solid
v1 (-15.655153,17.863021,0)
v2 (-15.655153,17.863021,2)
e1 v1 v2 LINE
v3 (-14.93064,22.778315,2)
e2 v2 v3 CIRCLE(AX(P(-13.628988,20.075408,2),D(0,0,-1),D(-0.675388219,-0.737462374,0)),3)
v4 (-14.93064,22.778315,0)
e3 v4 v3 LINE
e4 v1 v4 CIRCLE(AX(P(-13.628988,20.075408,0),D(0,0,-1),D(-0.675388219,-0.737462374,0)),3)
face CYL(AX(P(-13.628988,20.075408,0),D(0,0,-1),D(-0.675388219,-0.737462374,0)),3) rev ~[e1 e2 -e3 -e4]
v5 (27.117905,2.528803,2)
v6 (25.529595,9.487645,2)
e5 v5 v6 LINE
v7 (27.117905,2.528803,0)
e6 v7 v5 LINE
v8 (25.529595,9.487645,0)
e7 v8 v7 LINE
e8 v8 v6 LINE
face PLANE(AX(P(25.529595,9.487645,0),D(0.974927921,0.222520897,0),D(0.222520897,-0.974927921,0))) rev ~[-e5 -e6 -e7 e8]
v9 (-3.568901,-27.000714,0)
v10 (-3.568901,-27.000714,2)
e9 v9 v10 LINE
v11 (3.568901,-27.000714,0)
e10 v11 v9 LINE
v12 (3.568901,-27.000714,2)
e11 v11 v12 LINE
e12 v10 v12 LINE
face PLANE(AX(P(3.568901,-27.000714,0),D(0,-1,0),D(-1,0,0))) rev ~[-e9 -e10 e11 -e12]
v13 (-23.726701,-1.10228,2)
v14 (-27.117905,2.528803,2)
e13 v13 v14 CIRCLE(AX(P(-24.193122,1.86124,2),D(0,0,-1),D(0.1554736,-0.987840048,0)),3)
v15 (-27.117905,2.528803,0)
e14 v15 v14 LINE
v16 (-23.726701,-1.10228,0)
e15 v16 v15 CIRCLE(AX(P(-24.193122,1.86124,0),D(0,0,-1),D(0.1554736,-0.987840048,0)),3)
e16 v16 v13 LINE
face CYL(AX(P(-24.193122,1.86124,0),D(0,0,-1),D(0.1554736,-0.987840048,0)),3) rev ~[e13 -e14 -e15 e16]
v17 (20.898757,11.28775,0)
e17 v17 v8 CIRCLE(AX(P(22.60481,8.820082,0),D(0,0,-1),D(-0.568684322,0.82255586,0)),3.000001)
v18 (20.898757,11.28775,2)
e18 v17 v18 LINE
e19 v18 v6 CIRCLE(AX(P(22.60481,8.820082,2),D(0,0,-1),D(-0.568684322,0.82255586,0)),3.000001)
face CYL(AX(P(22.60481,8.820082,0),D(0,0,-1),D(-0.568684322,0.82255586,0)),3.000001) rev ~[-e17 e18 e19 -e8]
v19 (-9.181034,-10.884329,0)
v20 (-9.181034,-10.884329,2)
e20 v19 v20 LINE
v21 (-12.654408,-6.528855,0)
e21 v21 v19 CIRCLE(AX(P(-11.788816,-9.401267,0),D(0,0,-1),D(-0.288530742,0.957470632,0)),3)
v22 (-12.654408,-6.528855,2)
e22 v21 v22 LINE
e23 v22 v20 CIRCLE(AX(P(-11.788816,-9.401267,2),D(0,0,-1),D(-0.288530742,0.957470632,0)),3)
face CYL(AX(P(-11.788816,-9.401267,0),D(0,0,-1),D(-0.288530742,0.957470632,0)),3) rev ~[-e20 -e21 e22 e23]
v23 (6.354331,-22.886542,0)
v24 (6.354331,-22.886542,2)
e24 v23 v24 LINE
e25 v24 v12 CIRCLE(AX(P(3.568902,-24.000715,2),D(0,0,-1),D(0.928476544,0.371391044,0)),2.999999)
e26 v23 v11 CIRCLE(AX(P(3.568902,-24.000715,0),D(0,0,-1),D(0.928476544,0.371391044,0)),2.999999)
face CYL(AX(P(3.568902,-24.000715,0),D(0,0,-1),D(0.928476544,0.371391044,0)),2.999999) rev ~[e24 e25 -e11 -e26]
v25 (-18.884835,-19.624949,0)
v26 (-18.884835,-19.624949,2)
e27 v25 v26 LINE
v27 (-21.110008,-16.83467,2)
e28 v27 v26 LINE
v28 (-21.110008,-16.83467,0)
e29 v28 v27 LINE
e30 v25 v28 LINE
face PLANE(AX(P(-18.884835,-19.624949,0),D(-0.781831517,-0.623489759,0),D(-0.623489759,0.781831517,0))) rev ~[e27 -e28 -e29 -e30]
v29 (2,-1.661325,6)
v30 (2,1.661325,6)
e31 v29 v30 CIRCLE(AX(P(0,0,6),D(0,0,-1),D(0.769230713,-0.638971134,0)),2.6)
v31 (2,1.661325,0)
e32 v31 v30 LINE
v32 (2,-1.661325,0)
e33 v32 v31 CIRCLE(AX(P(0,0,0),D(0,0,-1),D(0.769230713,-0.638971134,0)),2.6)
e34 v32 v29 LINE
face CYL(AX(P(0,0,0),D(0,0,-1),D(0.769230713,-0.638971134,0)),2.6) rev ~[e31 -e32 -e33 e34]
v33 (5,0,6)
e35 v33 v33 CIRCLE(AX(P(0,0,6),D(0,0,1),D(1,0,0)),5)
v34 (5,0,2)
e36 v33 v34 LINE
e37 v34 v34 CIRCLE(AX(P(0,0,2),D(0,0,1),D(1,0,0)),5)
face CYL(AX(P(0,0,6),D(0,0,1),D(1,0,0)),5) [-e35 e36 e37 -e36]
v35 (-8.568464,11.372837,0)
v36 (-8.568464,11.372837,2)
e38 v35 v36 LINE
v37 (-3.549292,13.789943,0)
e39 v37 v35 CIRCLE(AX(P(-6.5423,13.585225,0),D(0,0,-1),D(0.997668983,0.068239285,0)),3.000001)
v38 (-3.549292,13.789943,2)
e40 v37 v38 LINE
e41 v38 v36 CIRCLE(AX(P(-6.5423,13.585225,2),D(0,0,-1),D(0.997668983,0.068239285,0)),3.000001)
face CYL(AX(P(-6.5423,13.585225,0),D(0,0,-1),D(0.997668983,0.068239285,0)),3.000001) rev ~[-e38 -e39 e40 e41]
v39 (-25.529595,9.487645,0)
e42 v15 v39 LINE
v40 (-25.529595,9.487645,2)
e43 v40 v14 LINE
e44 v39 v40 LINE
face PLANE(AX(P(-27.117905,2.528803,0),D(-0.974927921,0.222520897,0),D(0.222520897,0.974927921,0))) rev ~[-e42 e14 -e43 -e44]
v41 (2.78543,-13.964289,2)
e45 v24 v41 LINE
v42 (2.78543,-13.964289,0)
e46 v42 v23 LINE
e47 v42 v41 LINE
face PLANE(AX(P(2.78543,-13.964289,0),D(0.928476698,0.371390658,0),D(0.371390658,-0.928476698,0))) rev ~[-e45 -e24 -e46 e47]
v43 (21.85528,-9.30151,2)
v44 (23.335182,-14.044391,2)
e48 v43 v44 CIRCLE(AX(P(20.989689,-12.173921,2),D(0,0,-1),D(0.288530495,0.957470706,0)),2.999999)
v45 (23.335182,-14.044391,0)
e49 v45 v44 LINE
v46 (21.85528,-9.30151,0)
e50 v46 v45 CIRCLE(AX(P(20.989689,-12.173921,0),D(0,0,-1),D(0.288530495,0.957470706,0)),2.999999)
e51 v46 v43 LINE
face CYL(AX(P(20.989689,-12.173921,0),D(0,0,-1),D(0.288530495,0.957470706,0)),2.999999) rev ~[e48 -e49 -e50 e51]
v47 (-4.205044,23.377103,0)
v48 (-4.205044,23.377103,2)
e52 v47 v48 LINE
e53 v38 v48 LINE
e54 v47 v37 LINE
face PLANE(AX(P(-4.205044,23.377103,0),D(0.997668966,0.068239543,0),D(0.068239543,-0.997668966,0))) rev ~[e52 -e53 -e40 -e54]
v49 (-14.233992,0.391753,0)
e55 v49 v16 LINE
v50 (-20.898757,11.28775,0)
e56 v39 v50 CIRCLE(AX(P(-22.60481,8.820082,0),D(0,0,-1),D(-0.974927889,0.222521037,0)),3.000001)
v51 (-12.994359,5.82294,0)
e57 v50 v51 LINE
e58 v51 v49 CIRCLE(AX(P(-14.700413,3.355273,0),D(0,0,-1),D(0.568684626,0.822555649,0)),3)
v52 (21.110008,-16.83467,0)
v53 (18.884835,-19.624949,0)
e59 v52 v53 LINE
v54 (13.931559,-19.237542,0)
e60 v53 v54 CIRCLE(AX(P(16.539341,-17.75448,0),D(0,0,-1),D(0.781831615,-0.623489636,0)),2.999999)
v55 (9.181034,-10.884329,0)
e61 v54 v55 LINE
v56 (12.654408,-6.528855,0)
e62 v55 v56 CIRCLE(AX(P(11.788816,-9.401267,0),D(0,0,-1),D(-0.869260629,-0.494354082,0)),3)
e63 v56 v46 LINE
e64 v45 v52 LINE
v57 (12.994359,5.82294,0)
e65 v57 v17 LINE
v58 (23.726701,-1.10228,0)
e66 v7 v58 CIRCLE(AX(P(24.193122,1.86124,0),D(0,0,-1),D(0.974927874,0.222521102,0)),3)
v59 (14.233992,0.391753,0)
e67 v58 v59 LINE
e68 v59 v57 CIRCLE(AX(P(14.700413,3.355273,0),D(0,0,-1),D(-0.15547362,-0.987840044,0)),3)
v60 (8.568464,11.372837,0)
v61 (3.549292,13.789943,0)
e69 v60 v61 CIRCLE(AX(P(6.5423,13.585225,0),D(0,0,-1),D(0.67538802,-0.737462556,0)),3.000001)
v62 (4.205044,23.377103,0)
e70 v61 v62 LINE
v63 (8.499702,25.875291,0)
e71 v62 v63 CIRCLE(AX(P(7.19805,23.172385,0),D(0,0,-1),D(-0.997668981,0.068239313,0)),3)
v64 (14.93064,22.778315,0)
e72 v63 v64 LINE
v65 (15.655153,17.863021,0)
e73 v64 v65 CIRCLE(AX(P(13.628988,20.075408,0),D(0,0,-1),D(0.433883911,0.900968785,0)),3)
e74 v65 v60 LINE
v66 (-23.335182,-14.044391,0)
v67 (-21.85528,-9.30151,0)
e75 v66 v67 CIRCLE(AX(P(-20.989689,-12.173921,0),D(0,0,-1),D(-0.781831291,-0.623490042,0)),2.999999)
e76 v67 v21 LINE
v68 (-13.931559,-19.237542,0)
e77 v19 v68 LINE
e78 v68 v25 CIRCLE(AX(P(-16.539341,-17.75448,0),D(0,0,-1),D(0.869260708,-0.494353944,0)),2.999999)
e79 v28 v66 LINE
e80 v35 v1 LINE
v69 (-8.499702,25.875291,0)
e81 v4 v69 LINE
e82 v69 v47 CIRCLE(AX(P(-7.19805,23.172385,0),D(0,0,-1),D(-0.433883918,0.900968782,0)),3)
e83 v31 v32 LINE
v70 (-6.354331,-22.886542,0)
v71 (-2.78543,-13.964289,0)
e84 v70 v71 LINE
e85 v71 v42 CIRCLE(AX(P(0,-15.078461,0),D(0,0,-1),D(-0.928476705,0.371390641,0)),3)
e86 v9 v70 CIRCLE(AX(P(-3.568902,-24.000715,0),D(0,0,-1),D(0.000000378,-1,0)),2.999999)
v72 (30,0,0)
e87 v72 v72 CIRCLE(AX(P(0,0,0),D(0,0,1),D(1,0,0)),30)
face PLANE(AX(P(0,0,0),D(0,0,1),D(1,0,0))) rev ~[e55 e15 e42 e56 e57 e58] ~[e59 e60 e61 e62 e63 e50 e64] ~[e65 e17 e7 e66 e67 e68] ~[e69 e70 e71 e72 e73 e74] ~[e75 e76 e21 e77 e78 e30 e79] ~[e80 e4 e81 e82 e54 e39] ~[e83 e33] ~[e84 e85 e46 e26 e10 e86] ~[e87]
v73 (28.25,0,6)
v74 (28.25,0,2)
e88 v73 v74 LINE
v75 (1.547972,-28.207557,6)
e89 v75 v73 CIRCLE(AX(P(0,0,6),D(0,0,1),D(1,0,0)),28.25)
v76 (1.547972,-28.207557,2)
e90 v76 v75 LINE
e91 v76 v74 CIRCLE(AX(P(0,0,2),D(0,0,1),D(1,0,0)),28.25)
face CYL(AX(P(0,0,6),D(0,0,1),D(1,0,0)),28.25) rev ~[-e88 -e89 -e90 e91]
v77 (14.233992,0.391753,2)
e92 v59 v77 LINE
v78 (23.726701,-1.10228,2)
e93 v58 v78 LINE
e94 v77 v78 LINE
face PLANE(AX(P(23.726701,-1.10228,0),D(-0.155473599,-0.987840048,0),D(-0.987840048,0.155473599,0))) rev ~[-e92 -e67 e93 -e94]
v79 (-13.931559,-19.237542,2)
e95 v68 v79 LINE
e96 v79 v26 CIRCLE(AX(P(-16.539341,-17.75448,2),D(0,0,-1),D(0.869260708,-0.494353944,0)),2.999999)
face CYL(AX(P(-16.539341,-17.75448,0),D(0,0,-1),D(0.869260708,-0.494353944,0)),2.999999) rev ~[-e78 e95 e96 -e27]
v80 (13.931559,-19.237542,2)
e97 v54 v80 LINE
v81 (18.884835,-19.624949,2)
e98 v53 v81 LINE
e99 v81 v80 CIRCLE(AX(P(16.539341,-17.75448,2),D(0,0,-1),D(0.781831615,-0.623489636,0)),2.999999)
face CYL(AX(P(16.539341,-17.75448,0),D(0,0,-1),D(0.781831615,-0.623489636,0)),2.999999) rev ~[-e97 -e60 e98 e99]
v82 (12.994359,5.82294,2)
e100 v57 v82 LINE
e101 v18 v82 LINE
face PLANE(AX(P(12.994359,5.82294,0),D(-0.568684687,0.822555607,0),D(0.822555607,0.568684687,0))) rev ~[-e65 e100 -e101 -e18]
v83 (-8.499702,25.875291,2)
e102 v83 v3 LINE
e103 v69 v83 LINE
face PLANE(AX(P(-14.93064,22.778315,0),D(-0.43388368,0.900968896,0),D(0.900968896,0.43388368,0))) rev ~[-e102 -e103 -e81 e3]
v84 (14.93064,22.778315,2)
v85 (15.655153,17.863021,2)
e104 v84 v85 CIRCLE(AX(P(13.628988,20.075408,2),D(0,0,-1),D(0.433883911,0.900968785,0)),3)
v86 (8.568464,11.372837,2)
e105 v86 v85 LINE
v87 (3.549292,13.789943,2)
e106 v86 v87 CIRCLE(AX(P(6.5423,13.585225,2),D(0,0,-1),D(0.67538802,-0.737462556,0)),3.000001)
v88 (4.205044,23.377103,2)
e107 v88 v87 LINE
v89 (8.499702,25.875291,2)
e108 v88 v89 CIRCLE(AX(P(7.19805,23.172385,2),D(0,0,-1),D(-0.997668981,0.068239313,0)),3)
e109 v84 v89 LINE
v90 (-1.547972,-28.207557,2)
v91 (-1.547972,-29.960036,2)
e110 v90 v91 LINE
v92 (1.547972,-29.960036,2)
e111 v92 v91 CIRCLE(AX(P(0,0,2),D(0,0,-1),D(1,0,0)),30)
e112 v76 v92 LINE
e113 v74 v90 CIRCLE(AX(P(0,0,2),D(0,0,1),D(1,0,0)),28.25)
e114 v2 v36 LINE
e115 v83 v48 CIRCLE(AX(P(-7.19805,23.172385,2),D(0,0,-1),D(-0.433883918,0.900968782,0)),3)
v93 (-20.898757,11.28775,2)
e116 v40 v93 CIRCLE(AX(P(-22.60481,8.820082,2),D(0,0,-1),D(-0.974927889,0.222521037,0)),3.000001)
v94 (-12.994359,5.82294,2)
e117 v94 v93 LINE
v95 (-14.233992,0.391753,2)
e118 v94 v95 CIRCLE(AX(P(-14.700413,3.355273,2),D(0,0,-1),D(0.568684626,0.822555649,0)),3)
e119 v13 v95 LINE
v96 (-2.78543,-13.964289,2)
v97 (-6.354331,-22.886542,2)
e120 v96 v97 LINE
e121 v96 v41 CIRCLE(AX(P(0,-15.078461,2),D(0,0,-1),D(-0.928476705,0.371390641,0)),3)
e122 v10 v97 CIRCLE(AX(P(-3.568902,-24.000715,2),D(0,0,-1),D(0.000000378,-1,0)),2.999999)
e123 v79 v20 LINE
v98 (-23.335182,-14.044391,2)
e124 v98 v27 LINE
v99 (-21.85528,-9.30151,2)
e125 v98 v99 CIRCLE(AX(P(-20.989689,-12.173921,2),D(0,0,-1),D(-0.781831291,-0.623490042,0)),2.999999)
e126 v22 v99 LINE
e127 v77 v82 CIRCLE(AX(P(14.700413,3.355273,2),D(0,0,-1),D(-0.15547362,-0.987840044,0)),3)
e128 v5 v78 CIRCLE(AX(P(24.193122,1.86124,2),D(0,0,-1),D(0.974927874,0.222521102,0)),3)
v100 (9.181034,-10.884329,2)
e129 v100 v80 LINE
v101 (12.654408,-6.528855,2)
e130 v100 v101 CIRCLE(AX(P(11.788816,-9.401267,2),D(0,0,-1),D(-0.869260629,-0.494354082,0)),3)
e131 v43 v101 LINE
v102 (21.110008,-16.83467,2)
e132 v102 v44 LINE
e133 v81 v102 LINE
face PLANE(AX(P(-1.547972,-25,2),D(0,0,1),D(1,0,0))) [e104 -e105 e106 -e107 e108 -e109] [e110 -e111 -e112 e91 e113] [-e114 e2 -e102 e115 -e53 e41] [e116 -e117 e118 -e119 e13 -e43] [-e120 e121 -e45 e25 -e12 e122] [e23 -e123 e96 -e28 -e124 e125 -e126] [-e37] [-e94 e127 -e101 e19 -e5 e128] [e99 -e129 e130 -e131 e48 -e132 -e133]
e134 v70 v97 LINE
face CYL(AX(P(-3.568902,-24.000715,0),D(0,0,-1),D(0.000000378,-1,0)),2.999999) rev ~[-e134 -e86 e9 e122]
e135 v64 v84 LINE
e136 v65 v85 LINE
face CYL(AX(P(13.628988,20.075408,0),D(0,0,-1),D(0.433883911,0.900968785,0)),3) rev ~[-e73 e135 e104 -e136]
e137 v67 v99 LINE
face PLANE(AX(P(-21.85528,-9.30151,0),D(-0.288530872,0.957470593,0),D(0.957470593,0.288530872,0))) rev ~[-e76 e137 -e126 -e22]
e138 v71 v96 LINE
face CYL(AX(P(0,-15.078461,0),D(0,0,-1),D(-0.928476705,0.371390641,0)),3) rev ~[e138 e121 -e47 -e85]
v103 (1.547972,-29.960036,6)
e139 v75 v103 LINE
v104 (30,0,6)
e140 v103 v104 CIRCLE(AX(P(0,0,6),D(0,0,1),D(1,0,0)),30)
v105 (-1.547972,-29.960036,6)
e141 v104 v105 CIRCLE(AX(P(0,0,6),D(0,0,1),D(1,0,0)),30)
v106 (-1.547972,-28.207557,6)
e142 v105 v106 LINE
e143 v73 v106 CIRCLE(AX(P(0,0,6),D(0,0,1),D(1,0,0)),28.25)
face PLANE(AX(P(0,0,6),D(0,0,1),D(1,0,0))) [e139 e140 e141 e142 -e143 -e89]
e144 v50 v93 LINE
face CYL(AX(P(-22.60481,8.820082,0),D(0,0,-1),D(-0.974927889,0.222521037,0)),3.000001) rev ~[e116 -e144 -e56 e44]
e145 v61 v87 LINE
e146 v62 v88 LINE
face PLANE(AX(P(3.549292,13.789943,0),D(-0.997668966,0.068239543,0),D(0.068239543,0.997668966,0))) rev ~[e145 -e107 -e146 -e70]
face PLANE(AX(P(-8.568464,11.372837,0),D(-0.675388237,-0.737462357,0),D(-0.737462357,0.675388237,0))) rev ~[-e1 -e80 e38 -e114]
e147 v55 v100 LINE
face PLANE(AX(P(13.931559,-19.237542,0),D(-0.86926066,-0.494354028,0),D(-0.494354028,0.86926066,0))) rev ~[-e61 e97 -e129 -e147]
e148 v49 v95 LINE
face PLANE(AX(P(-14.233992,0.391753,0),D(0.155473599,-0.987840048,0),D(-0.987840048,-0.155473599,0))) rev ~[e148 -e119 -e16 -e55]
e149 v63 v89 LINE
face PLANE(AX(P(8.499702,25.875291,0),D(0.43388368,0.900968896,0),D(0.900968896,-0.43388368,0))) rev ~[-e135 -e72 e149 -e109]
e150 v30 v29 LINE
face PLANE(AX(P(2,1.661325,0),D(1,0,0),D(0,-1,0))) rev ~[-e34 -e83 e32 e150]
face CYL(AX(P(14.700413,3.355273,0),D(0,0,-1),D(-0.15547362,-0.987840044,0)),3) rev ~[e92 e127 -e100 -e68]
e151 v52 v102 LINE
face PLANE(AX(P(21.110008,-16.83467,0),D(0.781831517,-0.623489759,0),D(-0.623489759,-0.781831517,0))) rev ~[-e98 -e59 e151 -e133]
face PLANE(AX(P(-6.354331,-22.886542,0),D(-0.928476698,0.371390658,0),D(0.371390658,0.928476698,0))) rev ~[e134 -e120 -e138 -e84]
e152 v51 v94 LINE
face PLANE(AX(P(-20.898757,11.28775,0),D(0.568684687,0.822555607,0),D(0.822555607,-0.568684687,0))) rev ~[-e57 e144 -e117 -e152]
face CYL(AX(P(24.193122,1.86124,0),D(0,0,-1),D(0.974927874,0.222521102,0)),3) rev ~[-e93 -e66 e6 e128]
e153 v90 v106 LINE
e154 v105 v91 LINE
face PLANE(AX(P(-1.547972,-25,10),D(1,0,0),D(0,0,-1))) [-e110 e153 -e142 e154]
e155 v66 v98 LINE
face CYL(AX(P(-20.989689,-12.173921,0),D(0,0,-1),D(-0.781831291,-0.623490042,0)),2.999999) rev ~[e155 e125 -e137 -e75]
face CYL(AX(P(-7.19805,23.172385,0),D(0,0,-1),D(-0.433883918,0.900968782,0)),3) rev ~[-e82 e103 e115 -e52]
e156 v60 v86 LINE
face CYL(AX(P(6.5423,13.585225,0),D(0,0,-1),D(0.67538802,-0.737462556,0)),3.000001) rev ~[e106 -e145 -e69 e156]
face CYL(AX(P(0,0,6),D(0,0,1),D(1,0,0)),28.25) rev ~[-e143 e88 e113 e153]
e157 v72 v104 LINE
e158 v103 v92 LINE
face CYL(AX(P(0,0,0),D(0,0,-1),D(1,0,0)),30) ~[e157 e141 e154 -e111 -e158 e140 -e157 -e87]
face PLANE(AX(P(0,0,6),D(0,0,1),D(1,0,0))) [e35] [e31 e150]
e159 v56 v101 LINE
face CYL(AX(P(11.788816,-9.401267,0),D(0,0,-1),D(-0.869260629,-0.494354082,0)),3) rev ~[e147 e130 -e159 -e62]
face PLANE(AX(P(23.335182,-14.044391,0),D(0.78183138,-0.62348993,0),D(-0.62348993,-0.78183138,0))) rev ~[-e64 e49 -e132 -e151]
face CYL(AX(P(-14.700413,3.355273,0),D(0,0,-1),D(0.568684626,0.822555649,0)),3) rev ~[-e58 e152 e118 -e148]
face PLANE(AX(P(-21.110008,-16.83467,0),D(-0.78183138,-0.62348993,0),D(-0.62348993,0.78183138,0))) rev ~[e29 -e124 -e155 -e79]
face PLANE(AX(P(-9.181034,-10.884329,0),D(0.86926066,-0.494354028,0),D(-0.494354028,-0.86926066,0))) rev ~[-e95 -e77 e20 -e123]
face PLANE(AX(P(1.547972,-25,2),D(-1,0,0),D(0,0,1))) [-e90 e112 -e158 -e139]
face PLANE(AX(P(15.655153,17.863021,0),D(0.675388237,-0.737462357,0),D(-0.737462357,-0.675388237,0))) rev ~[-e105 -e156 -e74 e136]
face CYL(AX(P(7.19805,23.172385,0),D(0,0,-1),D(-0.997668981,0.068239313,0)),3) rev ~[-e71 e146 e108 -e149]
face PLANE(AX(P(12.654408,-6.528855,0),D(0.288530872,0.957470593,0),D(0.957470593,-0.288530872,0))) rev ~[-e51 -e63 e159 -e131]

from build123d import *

# Parameters (mm, degrees)
F0_R     = 30
F1_DEPTH = 6
F2_R     = 28.25
F2_R_2   = 5
F3_DEPTH = 4
F5_W     = 3.095944
F5_H     = 4
F6_DEPTH = 25
F8_DEPTH = 25


with BuildPart() as f1:
    # F0 (on Top) → F1 (new body)
    with BuildSketch(Plane.XY):
        Circle(F0_R)
        with BuildLine():
            ThreePointArc((2, 1.661325), (2.445404, 0.883176), (2.6, 0))
            ThreePointArc((2.6, 0), (2.445404, -0.883176), (2, -1.661325))
            ThreePointArc((2, -1.661325), (-2.6, 0), (2, 1.661325))
        make_face(mode=Mode.SUBTRACT)
        with BuildLine():
            ThreePointArc((2, -1.661325), (2.445404, -0.883176), (2.6, 0))
            ThreePointArc((2.6, 0), (2.445404, 0.883176), (2, 1.661325))
            Line((2, 1.661325), (2, -1.661325))
        make_face()
    extrude(amount=F1_DEPTH)

    # F2 (on face) → F3 (cut)
    with BuildSketch(Plane.XY.offset(6)):
        Circle(F2_R)
        Circle(F2_R_2, mode=Mode.SUBTRACT)
    extrude(amount=-F3_DEPTH, mode=Mode.SUBTRACT)

    # F5 (on offset) → F6 (cut)
    with BuildSketch(Plane.XZ.offset(25)):
        with Locations((0, 8)):
            Rectangle(F5_W, F5_H)
        with Locations((0, 4)):
            Rectangle(F5_W, F5_H)
    extrude(amount=F6_DEPTH, mode=Mode.SUBTRACT)

    # F7 (on face) → F8 (cut)
    with BuildSketch(Plane(origin=(0, 0, 0), x_dir=(1, 0, 0), z_dir=(0, 0, -1))):
        with BuildLine():
            ThreePointArc((-2.78543, 13.964289), (0, 12.078461), (2.78543, 13.964289))
            Line((2.78543, 13.964289), (6.354331, 22.886542))
            ThreePointArc((6.354331, 22.886542), (6.053103, 25.682601), (3.568901, 27.000714))
            Line((3.568901, 27.000714), (0, 27.000714))
            Line((0, 27.000714), (-3.568901, 27.000714))
            ThreePointArc((-3.568901, 27.000714), (-6.053103, 25.682601), (-6.354331, 22.886542))
            Line((-6.354331, 22.886542), (-2.78543, 13.964289))
        make_face()
        with BuildLine():
            ThreePointArc((21.85528, 9.30151), (23.853514, 11.280333), (23.335182, 14.044391))
            Line((23.335182, 14.044391), (21.110008, 16.83467))
            Line((21.110008, 16.83467), (18.884835, 19.624949))
            ThreePointArc((18.884835, 19.624949), (16.305418, 20.745346), (13.931559, 19.237542))
            Line((13.931559, 19.237542), (9.181034, 10.884329))
            ThreePointArc((9.181034, 10.884329), (9.443321, 7.530798), (12.654408, 6.528855))
            Line((12.654408, 6.528855), (21.85528, 9.30151))
        make_face()
        with BuildLine():
            ThreePointArc((20.898757, -11.28775), (23.691742, -11.616255), (25.529595, -9.487645))
            Line((25.529595, -9.487645), (26.32375, -6.008224))
            Line((26.32375, -6.008224), (27.117905, -2.528803))
            ThreePointArc((27.117905, -2.528803), (26.385626, 0.186423), (23.726701, 1.10228))
            Line((23.726701, 1.10228), (14.233992, -0.391753))
            ThreePointArc((14.233992, -0.391753), (11.775629, -2.687711), (12.994359, -5.82294))
            Line((12.994359, -5.82294), (20.898757, -11.28775))
        make_face()
        with BuildLine():
            ThreePointArc((4.205044, -23.377103), (5.689606, -25.765567), (8.499702, -25.875291))
            Line((8.499702, -25.875291), (11.715171, -24.326803))
            Line((11.715171, -24.326803), (14.93064, -22.778315))
            ThreePointArc((14.93064, -22.778315), (16.59692, -20.512881), (15.655153, -17.863021))
            Line((15.655153, -17.863021), (8.568464, -11.372837))
            ThreePointArc((8.568464, -11.372837), (5.240648, -10.882318), (3.549292, -13.789943))
            Line((3.549292, -13.789943), (4.205044, -23.377103))
        make_face()
        with BuildLine():
            ThreePointArc((-15.655153, -17.863021), (-16.59692, -20.512881), (-14.93064, -22.778315))
            Line((-14.93064, -22.778315), (-11.715171, -24.326803))
            Line((-11.715171, -24.326803), (-8.499702, -25.875291))
            ThreePointArc((-8.499702, -25.875291), (-5.689606, -25.765567), (-4.205044, -23.377103))
            Line((-4.205044, -23.377103), (-3.549292, -13.789943))
            ThreePointArc((-3.549292, -13.789943), (-5.240648, -10.882318), (-8.568464, -11.372837))
            Line((-8.568464, -11.372837), (-15.655153, -17.863021))
        make_face()
        with BuildLine():
            ThreePointArc((-23.726701, 1.10228), (-26.385626, 0.186423), (-27.117905, -2.528803))
            Line((-27.117905, -2.528803), (-26.32375, -6.008224))
            Line((-26.32375, -6.008224), (-25.529595, -9.487645))
            ThreePointArc((-25.529595, -9.487645), (-23.691742, -11.616255), (-20.898757, -11.28775))
            Line((-20.898757, -11.28775), (-12.994359, -5.82294))
            ThreePointArc((-12.994359, -5.82294), (-11.775629, -2.687711), (-14.233992, -0.391753))
            Line((-14.233992, -0.391753), (-23.726701, 1.10228))
        make_face()
        with BuildLine():
            ThreePointArc((-13.931559, 19.237542), (-16.305418, 20.745346), (-18.884835, 19.624949))
            Line((-18.884835, 19.624949), (-21.110008, 16.83467))
            Line((-21.110008, 16.83467), (-23.335182, 14.044391))
            ThreePointArc((-23.335182, 14.044391), (-23.853514, 11.280333), (-21.85528, 9.30151))
            Line((-21.85528, 9.30151), (-12.654408, 6.528855))
            ThreePointArc((-12.654408, 6.528855), (-9.443321, 7.530798), (-9.181034, 10.884329))
            Line((-9.181034, 10.884329), (-13.931559, 19.237542))
        make_face()
    extrude(amount=-F8_DEPTH, mode=Mode.SUBTRACT)


solid = f1.part
